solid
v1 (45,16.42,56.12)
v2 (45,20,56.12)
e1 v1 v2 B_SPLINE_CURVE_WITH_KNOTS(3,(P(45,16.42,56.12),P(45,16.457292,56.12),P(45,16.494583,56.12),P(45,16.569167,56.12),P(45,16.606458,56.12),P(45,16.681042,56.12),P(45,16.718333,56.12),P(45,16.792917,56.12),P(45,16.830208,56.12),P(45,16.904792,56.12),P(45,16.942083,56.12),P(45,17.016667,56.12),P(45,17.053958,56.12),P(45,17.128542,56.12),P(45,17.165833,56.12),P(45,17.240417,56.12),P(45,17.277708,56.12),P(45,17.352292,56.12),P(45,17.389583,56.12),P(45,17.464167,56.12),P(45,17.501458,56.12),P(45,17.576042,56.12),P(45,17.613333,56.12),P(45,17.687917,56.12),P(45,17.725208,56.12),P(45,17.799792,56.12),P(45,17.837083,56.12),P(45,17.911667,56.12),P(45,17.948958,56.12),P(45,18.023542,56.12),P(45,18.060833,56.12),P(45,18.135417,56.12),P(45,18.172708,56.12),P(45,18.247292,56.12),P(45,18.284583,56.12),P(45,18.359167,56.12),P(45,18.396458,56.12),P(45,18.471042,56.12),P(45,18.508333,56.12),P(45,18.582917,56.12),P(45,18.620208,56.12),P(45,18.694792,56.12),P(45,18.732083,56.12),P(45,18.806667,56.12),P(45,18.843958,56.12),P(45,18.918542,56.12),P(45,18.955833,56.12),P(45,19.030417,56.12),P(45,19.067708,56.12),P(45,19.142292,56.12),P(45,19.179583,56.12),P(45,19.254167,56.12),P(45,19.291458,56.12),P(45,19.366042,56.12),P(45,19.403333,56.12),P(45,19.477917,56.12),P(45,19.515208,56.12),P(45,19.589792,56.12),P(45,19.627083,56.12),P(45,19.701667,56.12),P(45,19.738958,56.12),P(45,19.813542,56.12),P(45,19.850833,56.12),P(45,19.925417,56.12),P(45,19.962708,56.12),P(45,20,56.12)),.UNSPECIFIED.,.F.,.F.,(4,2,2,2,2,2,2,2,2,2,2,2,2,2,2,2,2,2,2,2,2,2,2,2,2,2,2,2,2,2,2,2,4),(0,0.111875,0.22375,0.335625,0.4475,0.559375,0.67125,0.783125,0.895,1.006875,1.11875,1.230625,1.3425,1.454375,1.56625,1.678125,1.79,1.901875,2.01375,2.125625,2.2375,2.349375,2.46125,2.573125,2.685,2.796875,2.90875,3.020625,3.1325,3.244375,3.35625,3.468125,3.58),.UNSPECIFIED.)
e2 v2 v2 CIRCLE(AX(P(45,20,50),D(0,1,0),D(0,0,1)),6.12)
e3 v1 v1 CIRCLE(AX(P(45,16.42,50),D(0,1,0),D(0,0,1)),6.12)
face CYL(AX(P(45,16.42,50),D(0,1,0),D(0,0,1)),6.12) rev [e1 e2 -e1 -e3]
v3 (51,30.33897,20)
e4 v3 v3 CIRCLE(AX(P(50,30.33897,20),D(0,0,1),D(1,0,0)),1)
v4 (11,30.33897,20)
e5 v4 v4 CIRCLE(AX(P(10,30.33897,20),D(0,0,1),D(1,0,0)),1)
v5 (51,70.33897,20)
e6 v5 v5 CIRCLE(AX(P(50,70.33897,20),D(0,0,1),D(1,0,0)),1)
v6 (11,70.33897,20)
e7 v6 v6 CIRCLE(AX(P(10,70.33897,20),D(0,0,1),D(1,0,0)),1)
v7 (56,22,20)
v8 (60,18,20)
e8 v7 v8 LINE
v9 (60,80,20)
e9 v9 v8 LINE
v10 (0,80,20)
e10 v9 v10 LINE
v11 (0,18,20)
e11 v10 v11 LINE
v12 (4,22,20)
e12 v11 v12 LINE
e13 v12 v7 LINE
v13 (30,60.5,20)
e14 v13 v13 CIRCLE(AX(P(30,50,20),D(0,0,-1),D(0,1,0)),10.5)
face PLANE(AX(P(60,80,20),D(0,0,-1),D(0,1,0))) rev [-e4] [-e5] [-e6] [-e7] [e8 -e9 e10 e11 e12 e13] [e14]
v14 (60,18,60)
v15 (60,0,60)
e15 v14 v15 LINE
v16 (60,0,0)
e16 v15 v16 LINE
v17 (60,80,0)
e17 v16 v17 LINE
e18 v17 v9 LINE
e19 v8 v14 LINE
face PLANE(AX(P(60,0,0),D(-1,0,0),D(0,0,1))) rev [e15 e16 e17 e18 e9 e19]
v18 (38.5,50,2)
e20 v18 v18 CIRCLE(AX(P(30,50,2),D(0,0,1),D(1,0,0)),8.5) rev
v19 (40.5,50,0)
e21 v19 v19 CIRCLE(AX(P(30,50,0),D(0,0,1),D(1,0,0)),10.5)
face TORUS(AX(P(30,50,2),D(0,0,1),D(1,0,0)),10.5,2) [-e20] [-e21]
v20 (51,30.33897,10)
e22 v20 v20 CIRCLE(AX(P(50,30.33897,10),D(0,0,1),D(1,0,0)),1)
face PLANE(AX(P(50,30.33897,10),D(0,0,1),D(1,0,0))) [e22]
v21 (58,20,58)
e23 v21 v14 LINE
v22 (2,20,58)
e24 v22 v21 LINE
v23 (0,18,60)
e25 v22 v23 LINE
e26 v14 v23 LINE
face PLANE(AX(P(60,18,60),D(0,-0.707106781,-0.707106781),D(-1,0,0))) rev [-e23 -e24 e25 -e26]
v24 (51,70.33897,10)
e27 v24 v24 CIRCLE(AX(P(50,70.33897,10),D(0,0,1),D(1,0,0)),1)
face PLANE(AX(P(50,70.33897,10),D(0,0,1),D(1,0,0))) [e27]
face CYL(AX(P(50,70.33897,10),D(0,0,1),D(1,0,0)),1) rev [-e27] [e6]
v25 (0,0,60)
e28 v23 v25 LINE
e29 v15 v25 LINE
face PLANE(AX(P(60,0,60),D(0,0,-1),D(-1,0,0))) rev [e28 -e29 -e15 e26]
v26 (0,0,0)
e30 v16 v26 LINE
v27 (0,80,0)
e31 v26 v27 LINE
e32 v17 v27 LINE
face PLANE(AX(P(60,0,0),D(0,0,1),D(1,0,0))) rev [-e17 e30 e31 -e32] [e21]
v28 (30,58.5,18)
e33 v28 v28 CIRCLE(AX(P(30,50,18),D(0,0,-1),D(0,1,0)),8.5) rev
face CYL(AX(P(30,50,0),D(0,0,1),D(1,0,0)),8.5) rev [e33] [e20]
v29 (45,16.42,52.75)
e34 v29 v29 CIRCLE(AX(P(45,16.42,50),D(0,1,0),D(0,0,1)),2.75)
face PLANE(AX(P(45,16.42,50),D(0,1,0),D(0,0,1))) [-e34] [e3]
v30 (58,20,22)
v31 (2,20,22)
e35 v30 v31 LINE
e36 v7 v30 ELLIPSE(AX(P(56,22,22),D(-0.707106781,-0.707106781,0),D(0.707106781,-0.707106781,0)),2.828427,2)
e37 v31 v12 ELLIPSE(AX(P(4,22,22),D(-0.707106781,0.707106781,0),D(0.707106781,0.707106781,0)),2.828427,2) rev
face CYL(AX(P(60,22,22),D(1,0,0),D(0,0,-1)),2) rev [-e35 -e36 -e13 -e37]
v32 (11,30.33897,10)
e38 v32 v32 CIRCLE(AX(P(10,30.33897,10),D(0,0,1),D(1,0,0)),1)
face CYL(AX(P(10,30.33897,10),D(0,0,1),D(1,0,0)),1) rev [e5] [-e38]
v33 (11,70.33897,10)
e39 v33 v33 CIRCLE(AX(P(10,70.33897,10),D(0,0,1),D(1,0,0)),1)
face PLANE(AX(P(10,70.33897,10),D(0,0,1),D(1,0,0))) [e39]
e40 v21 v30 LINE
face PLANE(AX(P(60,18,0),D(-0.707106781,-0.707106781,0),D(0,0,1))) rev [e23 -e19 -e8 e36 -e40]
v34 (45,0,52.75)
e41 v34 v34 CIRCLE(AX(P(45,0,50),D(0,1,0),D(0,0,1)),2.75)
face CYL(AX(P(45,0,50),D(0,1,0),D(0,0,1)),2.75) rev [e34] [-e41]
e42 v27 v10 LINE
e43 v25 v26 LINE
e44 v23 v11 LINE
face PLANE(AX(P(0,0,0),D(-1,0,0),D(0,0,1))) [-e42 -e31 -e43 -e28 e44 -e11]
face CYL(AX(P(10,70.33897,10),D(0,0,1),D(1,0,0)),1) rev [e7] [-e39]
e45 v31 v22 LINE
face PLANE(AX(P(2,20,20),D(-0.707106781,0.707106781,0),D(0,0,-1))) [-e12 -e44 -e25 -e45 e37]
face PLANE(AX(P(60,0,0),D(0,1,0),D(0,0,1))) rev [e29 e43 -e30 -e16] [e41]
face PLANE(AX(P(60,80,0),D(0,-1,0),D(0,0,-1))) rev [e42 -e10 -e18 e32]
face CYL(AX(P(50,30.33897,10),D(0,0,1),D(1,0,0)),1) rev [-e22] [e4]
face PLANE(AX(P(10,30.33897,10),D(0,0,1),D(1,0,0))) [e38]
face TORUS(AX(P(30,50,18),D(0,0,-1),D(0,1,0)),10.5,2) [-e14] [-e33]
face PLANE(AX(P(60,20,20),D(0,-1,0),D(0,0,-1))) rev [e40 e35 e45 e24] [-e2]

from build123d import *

# Parameters (mm, degrees)
BOSS_EXTRUDE1_DEPTH = 60
SKETCH2_R           = 8.5
CUT_EXTRUDE1_DEPTH  = 108.703296143
FILLET1_R           = 2
SKETCH3_R           = 1
CUT_EXTRUDE2_DEPTH  = 10
SKETCH5_R           = 6.12
CUT_EXTRUDE3_DEPTH  = 3.58
SKETCH6_R           = 2.75
CUT_EXTRUDE4_DEPTH  = 107.030261718
CHAMFER1_SIZE       = 2
FILLET2_R           = 2


with BuildPart() as part:
    # Sketch1 → Boss-Extrude1 (new body)
    with BuildSketch(Plane(origin=(0, 0, 0), x_dir=(0, 0, -1), z_dir=(1, 0, 0))):
        Polygon((0, 0), (0, 80), (-20, 80), (-20, 20), (-60, 20), (-60, 0), align=None)
    extrude(amount=BOSS_EXTRUDE1_DEPTH)

    # Sketch2 → Cut-Extrude1 (cut, through all)
    with BuildSketch(Plane.XY.offset(20)):
        with Locations((30, 50)):
            Circle(SKETCH2_R)
    extrude(amount=-CUT_EXTRUDE1_DEPTH, mode=Mode.SUBTRACT)

    # Fillet1
    fillet1_edges = [part.edges().sort_by_distance(p)[0] for p in [
        (21.5, 50, 0),
        (21.5, 50, 20),
    ]]
    fillet(fillet1_edges, radius=FILLET1_R)

    # Sketch3 → Cut-Extrude2 (cut)
    with BuildSketch(Plane.XY.offset(20)):
        with Locations((10, 70.338969999)):
            Circle(SKETCH3_R)
        with Locations((50, 70.338969999)):
            Circle(SKETCH3_R)
        with Locations((50, 30.338969999)):
            Circle(SKETCH3_R)
        with Locations((10, 30.338969999)):
            Circle(SKETCH3_R)
    extrude(amount=-CUT_EXTRUDE2_DEPTH, mode=Mode.SUBTRACT)

    # Sketch5 → Cut-Extrude3 (cut)
    with BuildSketch(Plane(origin=(0, 20, 0), x_dir=(1, 0, 0), z_dir=(0, 1, 0))):
        with Locations(Location((45, -50, 0), (0, 0, 270))):
            Circle(SKETCH5_R)
    extrude(amount=-CUT_EXTRUDE3_DEPTH, mode=Mode.SUBTRACT)

    # Sketch6 → Cut-Extrude4 (cut, through all)
    with BuildSketch(Plane(origin=(0, 16.42, 0), x_dir=(1, 0, 0), z_dir=(0, 1, 0))):
        with Locations(Location((45, -50, 0), (0, 0, 270))):
            Circle(SKETCH6_R)
    extrude(amount=-CUT_EXTRUDE4_DEPTH, mode=Mode.SUBTRACT)

    # Chamfer1
    chamfer1_edges = [part.edges().sort_by_distance(p)[0] for p in [
        (30, 20, 60),
        (60, 20, 40),
        (0, 20, 40),
    ]]
    chamfer(chamfer1_edges, length=CHAMFER1_SIZE)

    # Fillet2
    fillet2_edges = [part.edges().sort_by_distance(p)[0] for p in [
        (30, 20, 20),
    ]]
    fillet(fillet2_edges, radius=FILLET2_R)


solid = part.part
